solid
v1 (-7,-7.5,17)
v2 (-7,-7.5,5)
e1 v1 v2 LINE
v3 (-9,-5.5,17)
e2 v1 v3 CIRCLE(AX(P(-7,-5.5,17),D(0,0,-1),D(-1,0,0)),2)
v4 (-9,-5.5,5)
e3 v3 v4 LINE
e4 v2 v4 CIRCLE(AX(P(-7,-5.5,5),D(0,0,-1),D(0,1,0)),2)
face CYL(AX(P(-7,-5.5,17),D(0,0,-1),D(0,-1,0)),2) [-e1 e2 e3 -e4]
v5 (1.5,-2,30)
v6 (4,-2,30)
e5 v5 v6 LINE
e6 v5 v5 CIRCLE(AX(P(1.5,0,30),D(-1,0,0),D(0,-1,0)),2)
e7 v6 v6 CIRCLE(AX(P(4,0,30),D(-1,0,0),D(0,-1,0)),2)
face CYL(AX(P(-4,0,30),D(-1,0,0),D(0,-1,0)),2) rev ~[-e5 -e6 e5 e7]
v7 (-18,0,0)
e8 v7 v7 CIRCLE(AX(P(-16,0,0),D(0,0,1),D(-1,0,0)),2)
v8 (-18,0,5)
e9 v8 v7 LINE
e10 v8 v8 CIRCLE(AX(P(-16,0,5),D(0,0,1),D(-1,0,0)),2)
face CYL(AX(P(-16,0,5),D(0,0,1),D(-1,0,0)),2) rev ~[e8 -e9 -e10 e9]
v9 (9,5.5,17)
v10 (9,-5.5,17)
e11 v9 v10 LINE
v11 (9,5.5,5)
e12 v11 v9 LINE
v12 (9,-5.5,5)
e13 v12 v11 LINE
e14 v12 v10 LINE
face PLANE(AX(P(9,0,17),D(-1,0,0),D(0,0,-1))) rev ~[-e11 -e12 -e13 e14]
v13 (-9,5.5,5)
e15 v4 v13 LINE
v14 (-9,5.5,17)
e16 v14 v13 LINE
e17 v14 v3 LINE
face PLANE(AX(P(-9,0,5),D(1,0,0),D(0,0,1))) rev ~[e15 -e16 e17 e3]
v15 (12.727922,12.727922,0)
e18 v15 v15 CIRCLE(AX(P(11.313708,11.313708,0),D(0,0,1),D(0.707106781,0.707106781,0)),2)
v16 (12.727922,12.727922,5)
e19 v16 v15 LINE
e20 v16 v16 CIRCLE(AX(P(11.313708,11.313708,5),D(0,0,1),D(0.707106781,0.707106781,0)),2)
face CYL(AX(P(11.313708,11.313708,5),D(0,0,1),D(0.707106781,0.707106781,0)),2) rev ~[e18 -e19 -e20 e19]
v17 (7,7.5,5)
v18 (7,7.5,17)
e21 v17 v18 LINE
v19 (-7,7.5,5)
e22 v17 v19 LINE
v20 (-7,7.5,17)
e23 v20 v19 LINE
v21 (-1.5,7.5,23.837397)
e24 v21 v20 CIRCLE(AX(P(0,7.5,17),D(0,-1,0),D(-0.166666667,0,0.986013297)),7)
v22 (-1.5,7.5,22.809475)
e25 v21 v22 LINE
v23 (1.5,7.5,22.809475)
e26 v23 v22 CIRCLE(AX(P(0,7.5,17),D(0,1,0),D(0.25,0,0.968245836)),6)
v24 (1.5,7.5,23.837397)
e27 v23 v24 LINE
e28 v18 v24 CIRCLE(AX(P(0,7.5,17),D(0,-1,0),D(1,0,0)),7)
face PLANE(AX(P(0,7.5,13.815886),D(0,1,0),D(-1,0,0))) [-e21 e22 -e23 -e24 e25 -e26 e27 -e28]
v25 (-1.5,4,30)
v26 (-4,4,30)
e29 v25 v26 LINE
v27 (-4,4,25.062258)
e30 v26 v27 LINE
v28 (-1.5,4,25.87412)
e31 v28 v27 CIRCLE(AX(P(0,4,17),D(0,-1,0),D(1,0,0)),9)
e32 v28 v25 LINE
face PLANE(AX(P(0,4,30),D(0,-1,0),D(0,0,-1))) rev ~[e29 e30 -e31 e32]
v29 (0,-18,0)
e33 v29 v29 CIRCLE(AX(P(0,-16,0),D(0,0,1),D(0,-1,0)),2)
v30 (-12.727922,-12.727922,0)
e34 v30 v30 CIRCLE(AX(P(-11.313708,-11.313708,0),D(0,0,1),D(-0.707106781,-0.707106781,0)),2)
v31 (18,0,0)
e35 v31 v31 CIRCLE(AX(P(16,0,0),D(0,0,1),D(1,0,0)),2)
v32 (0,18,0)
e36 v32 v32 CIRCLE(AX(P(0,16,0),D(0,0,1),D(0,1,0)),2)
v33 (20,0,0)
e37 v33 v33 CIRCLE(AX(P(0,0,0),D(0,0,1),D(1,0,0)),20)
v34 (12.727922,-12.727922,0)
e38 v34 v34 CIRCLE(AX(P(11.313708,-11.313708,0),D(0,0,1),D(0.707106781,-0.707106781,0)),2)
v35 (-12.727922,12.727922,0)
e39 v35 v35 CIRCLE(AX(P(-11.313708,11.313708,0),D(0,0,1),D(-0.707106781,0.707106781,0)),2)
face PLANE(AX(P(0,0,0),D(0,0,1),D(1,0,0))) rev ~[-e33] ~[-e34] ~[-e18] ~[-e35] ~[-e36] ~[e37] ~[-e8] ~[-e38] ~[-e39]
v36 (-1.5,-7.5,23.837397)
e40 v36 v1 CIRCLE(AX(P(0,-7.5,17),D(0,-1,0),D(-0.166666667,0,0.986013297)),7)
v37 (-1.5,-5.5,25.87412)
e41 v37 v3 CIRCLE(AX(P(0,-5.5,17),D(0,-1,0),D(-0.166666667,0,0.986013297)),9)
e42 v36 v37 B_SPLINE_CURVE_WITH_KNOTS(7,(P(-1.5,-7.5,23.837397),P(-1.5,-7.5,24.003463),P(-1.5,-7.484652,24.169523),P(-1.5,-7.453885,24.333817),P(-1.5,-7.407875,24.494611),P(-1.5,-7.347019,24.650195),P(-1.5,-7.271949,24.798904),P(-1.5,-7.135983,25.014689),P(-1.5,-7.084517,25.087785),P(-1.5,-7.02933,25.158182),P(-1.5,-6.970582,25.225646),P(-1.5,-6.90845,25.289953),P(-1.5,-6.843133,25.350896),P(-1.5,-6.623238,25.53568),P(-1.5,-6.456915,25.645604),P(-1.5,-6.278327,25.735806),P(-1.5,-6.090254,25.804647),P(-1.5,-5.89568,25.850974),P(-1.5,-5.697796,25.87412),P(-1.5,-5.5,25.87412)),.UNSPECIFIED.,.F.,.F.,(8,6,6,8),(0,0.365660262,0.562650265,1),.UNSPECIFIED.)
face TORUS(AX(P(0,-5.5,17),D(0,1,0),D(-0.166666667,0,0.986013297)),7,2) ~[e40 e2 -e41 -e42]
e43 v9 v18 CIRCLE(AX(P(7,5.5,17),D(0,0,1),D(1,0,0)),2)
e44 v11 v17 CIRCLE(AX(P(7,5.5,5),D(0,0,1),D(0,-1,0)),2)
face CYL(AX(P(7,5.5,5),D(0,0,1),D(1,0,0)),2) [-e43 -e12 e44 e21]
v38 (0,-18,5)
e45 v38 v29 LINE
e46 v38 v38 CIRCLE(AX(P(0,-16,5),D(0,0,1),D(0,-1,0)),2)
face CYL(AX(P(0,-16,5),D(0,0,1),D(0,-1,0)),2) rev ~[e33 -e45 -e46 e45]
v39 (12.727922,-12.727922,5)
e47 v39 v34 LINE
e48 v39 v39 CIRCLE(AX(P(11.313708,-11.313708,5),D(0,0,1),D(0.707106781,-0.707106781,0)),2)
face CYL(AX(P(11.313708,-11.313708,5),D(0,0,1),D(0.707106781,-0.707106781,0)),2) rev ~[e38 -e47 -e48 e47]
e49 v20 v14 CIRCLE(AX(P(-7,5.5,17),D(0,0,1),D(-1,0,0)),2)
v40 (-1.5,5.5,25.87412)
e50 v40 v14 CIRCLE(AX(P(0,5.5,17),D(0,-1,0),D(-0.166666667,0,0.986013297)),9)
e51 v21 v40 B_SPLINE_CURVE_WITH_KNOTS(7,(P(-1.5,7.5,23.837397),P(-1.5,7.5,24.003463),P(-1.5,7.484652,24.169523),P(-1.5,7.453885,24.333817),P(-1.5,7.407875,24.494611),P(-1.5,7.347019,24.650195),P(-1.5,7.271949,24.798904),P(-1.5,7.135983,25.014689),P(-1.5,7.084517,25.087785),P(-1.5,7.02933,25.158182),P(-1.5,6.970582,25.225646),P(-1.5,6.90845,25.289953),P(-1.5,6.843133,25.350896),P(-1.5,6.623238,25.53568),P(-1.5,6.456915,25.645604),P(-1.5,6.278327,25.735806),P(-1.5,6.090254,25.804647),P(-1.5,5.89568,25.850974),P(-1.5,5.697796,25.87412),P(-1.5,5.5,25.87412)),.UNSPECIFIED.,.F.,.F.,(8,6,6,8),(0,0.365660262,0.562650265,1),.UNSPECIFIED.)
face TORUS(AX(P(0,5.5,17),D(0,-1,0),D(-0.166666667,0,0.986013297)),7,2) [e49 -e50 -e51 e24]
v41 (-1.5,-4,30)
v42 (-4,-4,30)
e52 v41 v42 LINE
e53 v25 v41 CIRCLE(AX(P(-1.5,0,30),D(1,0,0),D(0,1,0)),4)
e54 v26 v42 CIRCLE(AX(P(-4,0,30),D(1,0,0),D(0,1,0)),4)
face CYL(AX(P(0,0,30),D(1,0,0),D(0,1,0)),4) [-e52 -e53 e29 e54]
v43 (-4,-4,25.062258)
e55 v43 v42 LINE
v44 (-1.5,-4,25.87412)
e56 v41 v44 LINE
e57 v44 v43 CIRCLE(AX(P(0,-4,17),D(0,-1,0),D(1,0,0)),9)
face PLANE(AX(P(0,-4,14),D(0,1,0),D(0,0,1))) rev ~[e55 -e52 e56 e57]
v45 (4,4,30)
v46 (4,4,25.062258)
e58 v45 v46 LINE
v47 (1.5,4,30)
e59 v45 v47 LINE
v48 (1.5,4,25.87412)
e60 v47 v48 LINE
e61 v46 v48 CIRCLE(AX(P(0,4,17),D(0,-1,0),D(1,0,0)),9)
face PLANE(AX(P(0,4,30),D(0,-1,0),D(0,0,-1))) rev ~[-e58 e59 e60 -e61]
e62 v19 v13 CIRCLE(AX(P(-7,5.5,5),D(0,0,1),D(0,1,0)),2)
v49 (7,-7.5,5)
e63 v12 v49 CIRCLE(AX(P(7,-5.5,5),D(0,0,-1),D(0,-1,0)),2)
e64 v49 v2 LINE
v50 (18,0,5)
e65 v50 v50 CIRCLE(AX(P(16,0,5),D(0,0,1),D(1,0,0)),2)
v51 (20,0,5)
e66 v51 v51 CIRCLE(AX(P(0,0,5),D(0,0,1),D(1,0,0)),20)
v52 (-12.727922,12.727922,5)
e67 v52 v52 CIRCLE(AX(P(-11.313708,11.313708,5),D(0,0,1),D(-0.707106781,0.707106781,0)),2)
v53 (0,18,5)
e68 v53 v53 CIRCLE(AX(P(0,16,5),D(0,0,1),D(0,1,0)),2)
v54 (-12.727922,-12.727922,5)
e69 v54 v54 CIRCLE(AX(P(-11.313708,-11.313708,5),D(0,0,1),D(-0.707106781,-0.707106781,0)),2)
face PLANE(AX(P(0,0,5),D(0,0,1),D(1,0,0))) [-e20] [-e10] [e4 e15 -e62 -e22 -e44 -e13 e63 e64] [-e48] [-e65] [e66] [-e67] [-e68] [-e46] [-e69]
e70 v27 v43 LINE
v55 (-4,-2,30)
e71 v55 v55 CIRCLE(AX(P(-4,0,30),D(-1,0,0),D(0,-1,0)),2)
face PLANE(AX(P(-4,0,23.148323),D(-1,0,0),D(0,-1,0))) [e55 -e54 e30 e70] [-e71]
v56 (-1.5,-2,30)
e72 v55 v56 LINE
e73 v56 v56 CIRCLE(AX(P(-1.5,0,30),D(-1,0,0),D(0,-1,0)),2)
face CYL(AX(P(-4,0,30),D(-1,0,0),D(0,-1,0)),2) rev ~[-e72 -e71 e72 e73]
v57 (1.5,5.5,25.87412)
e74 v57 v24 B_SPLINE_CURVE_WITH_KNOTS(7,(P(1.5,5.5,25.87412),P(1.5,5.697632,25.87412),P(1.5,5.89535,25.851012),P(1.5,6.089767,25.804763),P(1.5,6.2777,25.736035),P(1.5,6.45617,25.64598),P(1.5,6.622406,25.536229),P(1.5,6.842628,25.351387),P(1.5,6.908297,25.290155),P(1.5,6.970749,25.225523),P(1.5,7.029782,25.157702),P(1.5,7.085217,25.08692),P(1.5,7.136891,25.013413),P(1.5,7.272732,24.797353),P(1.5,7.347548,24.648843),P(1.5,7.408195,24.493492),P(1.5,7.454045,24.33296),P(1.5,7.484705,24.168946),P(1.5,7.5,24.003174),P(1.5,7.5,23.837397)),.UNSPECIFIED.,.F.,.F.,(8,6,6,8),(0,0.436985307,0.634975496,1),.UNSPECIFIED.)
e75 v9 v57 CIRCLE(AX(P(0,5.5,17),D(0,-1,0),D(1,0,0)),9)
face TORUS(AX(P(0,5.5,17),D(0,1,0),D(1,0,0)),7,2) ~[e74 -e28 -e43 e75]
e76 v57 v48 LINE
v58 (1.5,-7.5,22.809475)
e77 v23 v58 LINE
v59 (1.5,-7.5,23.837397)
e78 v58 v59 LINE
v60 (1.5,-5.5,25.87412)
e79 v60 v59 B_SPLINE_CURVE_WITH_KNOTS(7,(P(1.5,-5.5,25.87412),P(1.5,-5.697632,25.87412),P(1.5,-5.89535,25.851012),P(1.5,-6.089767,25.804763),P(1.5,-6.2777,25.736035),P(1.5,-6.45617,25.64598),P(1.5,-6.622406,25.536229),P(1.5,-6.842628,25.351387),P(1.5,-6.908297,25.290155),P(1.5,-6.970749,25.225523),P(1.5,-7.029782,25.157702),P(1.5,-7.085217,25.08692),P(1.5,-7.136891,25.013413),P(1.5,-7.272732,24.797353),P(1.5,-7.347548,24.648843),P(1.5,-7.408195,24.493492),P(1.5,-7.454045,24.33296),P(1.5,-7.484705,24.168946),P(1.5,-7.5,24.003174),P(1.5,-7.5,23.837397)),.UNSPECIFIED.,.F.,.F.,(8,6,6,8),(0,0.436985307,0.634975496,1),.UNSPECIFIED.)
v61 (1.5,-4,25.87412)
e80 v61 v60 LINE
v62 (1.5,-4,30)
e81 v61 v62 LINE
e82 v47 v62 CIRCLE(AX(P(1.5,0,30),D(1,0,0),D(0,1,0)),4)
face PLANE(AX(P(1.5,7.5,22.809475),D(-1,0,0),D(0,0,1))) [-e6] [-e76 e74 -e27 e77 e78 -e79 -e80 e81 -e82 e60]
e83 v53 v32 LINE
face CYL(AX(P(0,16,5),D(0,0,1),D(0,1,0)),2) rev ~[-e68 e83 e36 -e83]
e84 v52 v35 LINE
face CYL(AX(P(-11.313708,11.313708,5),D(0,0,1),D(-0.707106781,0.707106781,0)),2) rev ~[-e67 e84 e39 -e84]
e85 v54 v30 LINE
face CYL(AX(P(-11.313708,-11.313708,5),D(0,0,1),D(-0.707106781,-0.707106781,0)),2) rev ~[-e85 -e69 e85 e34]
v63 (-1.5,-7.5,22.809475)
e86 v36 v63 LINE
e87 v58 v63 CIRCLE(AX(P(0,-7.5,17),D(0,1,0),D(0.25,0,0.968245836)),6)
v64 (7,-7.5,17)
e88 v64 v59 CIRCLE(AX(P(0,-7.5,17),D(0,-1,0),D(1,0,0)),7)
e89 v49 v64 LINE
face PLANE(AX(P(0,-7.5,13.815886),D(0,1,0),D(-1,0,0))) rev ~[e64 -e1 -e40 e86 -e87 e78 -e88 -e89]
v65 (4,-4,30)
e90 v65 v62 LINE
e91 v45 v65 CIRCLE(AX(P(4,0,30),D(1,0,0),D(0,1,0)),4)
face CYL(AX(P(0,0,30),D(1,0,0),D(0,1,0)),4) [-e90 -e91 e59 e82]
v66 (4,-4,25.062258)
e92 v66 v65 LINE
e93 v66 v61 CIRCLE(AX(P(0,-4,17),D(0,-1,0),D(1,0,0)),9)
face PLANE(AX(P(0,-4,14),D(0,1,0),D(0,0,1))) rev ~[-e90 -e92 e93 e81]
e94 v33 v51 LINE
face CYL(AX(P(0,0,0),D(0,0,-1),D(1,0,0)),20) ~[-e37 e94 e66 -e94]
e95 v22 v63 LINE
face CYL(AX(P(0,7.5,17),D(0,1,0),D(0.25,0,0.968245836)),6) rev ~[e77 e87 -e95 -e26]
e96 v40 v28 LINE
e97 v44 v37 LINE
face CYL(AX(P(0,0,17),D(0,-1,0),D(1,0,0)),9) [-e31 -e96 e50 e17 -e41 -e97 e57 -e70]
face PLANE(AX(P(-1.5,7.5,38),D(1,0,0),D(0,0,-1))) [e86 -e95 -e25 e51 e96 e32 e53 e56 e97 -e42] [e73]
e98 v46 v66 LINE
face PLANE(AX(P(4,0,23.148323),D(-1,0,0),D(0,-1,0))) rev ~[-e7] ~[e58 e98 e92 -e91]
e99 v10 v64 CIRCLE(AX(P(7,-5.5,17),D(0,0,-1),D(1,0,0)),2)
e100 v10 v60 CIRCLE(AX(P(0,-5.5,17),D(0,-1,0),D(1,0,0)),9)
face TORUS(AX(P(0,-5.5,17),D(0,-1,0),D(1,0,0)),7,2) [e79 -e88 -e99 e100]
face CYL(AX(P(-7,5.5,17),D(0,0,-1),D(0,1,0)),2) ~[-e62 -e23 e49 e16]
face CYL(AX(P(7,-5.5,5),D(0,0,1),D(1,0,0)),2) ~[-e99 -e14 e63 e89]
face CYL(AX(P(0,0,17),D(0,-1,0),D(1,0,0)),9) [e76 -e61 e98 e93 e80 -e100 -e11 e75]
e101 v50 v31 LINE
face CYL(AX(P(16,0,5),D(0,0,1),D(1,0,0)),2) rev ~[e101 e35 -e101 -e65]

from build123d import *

# Parameters (mm, degrees)
SKETCH_R           = 20
PAD_DEPTH          = 5
PAD001_DEPTH       = 7.5
PAD002_DEPTH       = 4
SKETCH003_R        = 2
POCKET_DEPTH       = 24.001
POCKET001_DEPTH    = 27.501
SKETCH005_R        = 2
POCKET002_DEPTH    = 137.001
POLARPATTERN_COUNT = 8
FILLET_R           = 2


with BuildPart() as part:
    # Sketch → Pad (new body)
    with BuildSketch(Plane.XY):
        Circle(SKETCH_R)
    extrude(amount=PAD_DEPTH)

    # Sketch001 → Pad001 (join, symmetric)
    with BuildSketch(Plane.XZ):
        with BuildLine():
            Line((9, 17), (9, 5))
            Line((9, 5), (-9, 5))
            Line((-9, 5), (-9, 17))
            ThreePointArc((9, 17), (0, 26), (-9, 17))
        make_face()
    extrude(amount=PAD001_DEPTH, both=True)

    # Sketch002 → Pad002 (join, symmetric)
    with BuildSketch(Plane.YZ):
        with BuildLine():
            Line((-4, 14), (-4, 30))
            ThreePointArc((4, 30), (0, 34), (-4, 30))
            Line((4, 30), (4, 14))
            Line((4, 14), (-4, 14))
        make_face()
    extrude(amount=PAD002_DEPTH, both=True)

    # Sketch003 (on Face9 of Pad002) → Pocket (cut, through all)
    with BuildSketch(Plane(origin=(-4, 0, 0), x_dir=(0, -1, 0), z_dir=(-1, 0, 0))):
        with Locations((0, 30)):
            Circle(SKETCH003_R)
    extrude(amount=-POCKET_DEPTH, mode=Mode.SUBTRACT)

    # Sketch004 (on Face4 of Pocket) → Pocket001 (cut, through all)
    with BuildSketch(Plane(origin=(0, 7.5, 0), x_dir=(-1, 0, 0), z_dir=(0, 1, 0))):
        with BuildLine():
            ThreePointArc((-1.5, 22.809475), (0, 11), (1.5, 22.809475))
            Line((1.5, 38), (1.5, 22.809475))
            Line((-1.5, 38), (1.5, 38))
            Line((-1.5, 22.809475), (-1.5, 38))
        make_face()
    extrude(amount=-POCKET001_DEPTH, mode=Mode.SUBTRACT)

    # Sketch005 (on Face3 of Pocket001) → Pocket002 (cut, through all)
    with BuildSketch(Plane.XY.offset(5)):
        with Locations((16, 0)):
            Circle(SKETCH005_R)
    pocket002 = extrude(amount=-POCKET002_DEPTH, mode=Mode.SUBTRACT)

    # PolarPattern: Pocket002 ×8 about axis
    polarpattern_axis = Axis((0, 0, 5), (0, 0, 1))
    for i in range(1, POLARPATTERN_COUNT):
        add(pocket002.rotate(polarpattern_axis, i * 360 / POLARPATTERN_COUNT), mode=Mode.SUBTRACT)

    # Fillet
    fillet_edges = [part.edges().sort_by_distance(p)[0] for p in [
        (-6.873864, 7.5, 22.809475),
        (6.873864, 7.5, 22.809475),
        (6.873864, -7.5, 22.809475),
        (-6.873864, -7.5, 22.809475),
    ]]
    fillet(fillet_edges, radius=FILLET_R)


solid = part.part
